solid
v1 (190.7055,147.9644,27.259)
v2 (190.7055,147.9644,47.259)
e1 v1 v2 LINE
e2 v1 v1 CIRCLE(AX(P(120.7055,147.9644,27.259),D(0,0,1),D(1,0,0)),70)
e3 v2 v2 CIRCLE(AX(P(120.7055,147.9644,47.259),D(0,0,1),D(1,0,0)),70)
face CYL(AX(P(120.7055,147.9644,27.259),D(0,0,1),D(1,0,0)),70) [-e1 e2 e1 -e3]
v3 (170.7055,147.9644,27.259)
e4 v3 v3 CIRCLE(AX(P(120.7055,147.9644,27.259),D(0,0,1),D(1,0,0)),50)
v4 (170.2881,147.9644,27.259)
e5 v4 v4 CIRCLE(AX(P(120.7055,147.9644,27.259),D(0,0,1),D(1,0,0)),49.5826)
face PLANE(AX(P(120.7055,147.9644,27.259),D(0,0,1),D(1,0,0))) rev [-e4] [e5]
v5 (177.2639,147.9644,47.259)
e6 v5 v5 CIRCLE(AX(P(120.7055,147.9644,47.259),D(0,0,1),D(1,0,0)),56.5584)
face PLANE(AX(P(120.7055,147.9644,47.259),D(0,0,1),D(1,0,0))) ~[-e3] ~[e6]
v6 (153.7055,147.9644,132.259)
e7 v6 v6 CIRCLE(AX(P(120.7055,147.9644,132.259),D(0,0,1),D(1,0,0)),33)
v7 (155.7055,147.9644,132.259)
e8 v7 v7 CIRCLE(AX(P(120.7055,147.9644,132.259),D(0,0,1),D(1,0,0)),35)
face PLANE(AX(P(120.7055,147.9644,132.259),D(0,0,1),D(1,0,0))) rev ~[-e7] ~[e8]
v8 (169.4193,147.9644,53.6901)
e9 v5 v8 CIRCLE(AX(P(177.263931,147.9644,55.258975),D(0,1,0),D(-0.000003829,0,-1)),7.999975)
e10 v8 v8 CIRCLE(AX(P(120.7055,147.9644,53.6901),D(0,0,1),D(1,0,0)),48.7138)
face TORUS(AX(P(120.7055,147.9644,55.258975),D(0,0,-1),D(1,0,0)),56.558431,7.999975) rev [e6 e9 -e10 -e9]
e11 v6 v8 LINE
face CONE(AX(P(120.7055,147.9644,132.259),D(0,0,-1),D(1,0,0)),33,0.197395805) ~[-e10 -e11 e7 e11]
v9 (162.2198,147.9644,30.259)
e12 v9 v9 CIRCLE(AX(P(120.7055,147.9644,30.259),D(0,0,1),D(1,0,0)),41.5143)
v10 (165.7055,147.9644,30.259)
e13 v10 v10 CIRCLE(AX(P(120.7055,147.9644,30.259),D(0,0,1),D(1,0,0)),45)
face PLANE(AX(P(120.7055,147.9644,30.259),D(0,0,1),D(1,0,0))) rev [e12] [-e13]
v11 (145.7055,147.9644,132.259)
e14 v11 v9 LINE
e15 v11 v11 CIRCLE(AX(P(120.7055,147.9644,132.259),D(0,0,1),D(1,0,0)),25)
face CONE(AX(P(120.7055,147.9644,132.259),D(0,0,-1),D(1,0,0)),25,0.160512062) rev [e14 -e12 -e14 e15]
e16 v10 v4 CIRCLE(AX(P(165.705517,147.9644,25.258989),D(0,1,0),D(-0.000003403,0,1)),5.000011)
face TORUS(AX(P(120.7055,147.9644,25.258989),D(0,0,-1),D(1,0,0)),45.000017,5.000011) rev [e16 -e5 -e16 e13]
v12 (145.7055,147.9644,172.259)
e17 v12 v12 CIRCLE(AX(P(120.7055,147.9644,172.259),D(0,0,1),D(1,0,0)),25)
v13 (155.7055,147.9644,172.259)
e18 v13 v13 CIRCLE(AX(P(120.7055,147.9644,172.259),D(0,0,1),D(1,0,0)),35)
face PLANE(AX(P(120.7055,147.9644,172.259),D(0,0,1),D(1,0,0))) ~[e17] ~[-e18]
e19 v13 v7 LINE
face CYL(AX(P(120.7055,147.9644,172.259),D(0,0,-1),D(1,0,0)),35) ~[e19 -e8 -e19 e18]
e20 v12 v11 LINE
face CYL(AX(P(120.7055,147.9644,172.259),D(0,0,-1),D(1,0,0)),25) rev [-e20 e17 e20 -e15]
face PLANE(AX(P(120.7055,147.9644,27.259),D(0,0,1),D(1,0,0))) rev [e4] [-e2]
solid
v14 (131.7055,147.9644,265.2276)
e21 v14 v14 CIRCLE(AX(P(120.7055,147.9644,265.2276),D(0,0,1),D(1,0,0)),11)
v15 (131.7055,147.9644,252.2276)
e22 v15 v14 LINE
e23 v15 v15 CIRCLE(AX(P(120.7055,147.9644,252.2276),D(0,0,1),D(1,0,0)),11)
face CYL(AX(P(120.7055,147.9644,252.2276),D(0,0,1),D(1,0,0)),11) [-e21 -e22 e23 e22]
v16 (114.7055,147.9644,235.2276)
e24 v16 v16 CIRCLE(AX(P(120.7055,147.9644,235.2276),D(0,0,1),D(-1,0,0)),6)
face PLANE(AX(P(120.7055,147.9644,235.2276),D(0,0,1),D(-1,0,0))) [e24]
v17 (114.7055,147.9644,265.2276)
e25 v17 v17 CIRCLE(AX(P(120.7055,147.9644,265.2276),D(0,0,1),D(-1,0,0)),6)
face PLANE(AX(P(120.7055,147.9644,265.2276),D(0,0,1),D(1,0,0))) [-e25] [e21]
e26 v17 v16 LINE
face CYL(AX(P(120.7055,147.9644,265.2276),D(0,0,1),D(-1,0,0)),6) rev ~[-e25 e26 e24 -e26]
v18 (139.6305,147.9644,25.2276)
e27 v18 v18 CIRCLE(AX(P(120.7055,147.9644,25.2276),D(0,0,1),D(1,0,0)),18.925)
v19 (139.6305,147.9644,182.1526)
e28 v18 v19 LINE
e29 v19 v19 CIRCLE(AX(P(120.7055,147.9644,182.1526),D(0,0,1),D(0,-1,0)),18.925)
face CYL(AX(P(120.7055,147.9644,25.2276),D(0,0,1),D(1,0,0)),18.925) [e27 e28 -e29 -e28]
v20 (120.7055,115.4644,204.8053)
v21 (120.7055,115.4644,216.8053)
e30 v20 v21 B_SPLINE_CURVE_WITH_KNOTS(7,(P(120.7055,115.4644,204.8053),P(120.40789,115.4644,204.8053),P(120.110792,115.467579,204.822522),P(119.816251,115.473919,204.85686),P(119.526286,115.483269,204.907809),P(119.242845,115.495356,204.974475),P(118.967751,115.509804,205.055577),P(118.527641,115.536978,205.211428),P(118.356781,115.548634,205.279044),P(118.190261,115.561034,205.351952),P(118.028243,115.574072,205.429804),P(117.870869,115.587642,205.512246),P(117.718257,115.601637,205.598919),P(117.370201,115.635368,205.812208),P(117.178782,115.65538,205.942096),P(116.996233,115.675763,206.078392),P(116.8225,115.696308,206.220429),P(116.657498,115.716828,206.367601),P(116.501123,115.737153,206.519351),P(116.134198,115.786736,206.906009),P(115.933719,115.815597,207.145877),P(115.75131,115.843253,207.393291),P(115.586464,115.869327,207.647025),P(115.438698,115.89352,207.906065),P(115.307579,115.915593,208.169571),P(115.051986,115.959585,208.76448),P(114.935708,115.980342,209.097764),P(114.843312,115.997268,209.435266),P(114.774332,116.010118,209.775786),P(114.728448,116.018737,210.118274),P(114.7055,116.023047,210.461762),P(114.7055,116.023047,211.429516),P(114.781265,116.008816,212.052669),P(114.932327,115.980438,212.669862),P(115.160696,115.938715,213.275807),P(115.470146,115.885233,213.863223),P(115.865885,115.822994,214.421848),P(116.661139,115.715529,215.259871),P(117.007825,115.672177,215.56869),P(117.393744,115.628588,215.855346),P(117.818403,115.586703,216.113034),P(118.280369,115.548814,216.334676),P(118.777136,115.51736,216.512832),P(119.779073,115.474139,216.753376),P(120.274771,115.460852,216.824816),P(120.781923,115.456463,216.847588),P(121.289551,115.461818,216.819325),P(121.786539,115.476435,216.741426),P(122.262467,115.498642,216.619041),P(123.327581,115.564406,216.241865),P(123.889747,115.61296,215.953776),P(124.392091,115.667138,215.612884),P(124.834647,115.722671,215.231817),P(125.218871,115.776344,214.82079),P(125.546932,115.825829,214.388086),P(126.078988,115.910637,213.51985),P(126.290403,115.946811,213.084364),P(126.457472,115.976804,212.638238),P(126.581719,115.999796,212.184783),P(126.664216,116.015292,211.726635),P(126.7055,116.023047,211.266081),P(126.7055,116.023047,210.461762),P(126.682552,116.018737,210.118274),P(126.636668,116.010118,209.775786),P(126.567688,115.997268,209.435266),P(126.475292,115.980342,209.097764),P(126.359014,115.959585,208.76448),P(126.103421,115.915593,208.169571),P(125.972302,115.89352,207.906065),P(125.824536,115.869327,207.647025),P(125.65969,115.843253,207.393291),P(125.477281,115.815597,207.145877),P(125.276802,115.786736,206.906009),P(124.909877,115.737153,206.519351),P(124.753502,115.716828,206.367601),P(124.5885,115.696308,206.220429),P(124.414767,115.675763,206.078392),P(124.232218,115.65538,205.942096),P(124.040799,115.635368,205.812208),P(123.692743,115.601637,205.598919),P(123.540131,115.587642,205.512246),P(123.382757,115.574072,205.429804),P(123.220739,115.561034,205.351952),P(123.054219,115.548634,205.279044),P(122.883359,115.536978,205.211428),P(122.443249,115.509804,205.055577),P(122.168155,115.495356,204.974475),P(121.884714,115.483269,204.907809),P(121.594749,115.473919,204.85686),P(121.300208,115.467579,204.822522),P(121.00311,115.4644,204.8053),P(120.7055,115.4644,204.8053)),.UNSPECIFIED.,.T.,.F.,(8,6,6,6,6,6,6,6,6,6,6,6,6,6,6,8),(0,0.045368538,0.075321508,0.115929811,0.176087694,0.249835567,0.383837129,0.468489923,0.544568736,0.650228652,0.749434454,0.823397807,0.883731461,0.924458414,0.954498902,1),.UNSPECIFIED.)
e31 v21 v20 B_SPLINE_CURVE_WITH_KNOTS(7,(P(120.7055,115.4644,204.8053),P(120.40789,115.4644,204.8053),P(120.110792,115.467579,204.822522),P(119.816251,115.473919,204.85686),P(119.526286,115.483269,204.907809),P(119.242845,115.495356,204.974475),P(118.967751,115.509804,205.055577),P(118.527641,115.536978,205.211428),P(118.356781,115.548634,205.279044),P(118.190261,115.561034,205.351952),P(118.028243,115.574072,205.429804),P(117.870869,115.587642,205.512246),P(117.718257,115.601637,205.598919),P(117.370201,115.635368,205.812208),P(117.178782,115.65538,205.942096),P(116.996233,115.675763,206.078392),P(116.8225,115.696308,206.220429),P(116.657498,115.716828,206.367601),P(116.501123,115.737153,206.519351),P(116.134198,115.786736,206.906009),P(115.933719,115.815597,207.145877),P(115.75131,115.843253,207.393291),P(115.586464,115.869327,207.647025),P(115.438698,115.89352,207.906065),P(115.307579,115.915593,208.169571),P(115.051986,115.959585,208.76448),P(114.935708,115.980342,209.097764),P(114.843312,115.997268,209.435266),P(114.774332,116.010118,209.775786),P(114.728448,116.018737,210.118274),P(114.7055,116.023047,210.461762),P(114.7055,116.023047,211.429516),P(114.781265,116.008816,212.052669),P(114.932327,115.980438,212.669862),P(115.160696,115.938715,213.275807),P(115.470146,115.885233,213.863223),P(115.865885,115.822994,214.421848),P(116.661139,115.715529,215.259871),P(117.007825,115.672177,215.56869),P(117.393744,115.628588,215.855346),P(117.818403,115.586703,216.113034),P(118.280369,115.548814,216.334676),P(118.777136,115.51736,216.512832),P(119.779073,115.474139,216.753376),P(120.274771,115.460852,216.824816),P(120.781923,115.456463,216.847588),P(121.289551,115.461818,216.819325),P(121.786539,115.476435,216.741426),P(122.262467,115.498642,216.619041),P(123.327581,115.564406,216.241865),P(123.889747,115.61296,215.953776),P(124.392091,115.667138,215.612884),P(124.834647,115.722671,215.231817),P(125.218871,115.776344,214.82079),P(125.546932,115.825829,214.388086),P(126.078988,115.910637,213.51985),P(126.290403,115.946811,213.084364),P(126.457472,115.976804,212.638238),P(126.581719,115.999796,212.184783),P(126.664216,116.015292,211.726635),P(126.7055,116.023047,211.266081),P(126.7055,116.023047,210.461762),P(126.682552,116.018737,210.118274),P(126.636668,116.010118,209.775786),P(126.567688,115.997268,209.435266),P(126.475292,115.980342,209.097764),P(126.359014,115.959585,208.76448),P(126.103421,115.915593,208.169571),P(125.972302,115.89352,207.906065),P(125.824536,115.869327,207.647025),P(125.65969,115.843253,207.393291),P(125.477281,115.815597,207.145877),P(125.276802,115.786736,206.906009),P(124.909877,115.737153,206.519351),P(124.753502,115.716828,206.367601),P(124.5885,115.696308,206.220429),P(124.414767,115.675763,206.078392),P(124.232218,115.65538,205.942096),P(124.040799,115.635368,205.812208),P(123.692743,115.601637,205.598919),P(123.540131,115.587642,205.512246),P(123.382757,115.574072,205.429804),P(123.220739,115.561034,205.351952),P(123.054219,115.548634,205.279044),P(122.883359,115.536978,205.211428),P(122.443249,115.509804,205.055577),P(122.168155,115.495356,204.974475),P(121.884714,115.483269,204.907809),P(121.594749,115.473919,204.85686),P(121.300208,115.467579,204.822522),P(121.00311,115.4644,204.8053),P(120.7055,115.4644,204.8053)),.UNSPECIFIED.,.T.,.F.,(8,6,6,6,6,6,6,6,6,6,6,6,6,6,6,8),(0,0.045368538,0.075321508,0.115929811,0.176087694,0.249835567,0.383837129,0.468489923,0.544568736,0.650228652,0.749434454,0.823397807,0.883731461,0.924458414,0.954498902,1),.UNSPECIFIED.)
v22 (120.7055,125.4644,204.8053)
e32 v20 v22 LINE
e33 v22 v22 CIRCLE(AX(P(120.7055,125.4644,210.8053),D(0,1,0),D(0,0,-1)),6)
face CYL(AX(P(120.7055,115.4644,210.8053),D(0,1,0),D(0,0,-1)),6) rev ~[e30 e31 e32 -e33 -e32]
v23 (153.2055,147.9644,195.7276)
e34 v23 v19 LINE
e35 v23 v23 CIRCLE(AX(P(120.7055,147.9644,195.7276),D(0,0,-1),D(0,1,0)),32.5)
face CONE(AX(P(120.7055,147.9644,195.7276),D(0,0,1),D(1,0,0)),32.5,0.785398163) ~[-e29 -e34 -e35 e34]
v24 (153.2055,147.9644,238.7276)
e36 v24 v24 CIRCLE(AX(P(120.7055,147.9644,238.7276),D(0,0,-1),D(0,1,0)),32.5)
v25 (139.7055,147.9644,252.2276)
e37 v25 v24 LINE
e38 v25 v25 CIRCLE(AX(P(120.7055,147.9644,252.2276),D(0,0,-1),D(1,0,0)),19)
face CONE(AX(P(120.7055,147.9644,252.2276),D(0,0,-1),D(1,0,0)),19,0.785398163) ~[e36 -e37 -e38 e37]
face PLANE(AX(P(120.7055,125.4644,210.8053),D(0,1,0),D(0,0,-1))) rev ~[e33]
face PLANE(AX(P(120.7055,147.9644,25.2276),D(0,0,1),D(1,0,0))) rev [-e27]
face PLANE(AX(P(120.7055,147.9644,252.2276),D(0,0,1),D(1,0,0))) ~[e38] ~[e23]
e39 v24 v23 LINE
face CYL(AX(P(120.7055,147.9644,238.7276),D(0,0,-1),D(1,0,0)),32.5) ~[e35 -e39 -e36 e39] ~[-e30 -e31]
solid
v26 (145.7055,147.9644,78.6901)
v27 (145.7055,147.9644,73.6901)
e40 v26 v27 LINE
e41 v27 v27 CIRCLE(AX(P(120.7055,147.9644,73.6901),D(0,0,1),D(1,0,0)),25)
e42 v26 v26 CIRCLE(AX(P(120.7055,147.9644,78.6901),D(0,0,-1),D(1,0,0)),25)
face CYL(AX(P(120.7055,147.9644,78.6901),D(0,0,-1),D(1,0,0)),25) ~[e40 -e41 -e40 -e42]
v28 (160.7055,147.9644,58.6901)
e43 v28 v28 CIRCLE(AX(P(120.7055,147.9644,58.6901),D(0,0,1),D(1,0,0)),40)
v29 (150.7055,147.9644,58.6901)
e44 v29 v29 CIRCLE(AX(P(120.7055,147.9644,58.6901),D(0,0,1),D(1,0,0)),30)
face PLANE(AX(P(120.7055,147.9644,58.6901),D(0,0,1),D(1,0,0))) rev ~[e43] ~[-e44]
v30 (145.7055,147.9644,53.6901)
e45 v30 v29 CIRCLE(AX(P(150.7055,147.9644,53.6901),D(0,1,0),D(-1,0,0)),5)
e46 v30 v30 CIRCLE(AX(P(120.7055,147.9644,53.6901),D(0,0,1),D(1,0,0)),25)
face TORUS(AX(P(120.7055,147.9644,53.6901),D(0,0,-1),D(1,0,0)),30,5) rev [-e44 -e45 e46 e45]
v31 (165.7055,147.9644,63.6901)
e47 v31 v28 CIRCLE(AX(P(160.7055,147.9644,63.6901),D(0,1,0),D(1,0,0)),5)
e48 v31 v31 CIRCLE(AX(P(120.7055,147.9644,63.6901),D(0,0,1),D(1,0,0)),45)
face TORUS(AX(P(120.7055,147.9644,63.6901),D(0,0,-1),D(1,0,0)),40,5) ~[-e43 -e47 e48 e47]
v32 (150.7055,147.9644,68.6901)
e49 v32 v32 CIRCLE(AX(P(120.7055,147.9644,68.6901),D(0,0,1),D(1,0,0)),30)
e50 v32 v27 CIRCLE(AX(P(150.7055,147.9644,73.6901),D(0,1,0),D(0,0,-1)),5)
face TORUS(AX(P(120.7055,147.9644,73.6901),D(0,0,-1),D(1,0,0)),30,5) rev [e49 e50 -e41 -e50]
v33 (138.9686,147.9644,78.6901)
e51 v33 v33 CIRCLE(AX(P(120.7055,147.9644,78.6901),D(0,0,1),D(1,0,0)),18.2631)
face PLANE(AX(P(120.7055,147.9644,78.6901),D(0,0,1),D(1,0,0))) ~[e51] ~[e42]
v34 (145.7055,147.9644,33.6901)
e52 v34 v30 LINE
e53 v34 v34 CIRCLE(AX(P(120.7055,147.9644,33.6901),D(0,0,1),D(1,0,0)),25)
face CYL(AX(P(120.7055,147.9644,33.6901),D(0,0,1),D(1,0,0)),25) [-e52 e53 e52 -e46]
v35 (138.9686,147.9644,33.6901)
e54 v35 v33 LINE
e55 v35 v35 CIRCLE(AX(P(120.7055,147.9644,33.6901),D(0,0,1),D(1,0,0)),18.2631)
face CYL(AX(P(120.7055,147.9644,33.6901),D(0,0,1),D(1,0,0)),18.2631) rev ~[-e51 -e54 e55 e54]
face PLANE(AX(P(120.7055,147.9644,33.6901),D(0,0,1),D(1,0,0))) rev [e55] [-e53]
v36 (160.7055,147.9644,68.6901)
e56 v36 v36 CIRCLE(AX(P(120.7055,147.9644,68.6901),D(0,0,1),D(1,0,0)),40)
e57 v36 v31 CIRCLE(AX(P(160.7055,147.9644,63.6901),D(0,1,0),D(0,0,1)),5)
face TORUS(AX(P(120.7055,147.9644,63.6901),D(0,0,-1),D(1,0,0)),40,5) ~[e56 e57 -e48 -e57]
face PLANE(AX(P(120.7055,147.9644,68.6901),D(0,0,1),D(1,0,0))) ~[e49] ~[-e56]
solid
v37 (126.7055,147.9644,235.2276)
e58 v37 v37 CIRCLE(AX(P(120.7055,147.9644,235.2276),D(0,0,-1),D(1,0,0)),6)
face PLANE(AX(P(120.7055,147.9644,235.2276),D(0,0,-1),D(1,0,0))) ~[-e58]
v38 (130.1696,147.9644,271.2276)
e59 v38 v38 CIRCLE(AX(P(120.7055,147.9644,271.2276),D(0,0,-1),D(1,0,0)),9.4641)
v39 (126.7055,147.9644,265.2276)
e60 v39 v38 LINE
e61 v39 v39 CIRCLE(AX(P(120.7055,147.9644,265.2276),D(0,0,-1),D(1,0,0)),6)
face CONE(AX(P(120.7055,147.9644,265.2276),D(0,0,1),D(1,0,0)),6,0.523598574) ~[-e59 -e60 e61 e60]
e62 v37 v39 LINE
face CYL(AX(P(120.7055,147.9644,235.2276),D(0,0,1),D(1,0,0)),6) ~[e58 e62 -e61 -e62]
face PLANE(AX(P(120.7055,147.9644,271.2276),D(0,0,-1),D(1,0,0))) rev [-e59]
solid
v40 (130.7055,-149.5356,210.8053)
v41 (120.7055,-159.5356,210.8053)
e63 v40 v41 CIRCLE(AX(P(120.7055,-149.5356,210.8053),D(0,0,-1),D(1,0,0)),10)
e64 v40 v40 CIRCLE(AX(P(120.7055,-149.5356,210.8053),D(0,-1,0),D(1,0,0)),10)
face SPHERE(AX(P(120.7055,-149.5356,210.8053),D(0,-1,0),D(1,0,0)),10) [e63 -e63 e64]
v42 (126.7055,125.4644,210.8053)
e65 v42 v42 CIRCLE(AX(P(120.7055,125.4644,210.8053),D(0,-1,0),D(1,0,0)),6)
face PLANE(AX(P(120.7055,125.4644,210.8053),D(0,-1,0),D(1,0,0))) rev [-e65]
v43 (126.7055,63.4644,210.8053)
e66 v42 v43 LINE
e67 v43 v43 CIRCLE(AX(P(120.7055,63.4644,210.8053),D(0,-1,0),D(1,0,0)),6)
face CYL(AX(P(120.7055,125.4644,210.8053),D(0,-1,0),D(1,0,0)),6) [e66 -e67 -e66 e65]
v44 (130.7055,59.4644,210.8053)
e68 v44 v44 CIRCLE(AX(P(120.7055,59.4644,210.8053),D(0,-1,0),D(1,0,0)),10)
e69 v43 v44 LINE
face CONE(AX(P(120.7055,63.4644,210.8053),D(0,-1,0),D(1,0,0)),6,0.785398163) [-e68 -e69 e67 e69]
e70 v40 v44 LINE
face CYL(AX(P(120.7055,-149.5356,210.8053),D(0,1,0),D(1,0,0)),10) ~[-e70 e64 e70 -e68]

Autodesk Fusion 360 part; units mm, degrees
sketch "Sketch1" plane through (0, 0, 0) normal (0, 1, 0) x (1, 0, 0)
  line L0 (49.5826, 0) -> (70, 0)
  line L1 (70, 0) -> (70, -20)
  line L2 (49.5826, 0) -> (50, 0)
  line L3 (56.5584, -20) -> (70, -20)
  line L4 (0, 0) -> (0, -3)
  line L5 (25, -145) -> (35, -145)
  line L6 (35, -145) -> (35, -105)
  line L7 (25, -145) -> (25, -105)
  line L8 (35, -105) -> (25, -105)
  line L9 (25, -105) -> (33, -105)
  line L10 (33, -105) -> (48.7138, -26.4311)
  line L11 (0, 0) -> (0, -3)
  line L12 (33, -105) -> (25, -105)
  line L13 (50, 0) -> (49.5826, 0)
  line L14 (25, -105) -> (41.5143, -3)
  line L15 (41.5143, -3) -> (45, -3)
  arc A0 (45, -3) -> (49.5826, 0) centre (45, 2) ccw
  arc A1 (56.5584, -20) -> (48.7138, -26.4311) centre (56.5584, -28) ccw
  dimension "d1" = 70
  dimension "d2" = 20
  dimension "d3" = 50
  dimension "d10" = 40
  dimension "d12" = 3
  dimension "d14" = 5
  dimension "d15" = 8
revolve "Revolve1" add sketch "Sketch1" angle 360 about axis through (0, 0, 1.75) along (0, 0, 1) makes body 1
copy_body "Body->Comp1" bodies 1 removing the originals makes body 2 in component "GaugeBody"
sketch "Sketch2" plane through (0, 0, 0) normal (0, 1, 0) x (1, 0, 0)
  line L0 (0, 0) -> (25, 0)
  line L1 (25, 0) -> (25, -20)
  line L2 (25, -45) -> (25, -40)
  line L3 (30, -35) -> (40, -35)
  line L4 (45, -30) -> (45, -30)
  line L5 (40, -25) -> (30, -25)
  arc A0 (30, -35) -> (25, -40) centre (30, -40) ccw
  arc A1 (40, -35) -> (45, -30) centre (40, -30) ccw
  arc A2 (45, -30) -> (40, -25) centre (40, -30) ccw
  line L6 (0, 0) -> (19, 0)
  line L7 (19, 0) -> (19, -45)
  line L8 (19, -45) -> (25, -45)
  arc A3 (25, -20) -> (30, -25) centre (30, -20) ccw
  point P0 (25, -35)
  point P1 (0, -35)
  point P2 (45, -35)
  point P3 (45, -25)
  dimension "d17" = 25
  dimension "d18" = 45
  dimension "d19" = 10
  dimension "d20" = 45
  dimension "d21" = 10
  dimension "d22" = 5
  dimension "d23" = 5
  dimension "d24" = 5
  dimension "d25" = 19
  dimension "d26" = 5
revolve "Revolve2" add sketch "Sketch2" angle 360 about axis through (0, 0, 1.75) along (0, 0, 1) separate body makes body 3
copy_body "Body->Comp2" bodies 3 removing the originals makes body 4 in component "Nut"
sketch "Sketch3" plane through (0, 0, 0) normal (0, 1, 0) x (1, 0, 0)
  line L0 (0, 0) -> (19, 0)
  line L1 (19, 0) -> (19, -227)
  line L2 (0, -227) -> (0, -157)
  line L3 (0, -157) -> (19, -157)
  line L4 (32.5, -213.5) -> (32.5, -170.5)
  line L5 (0, -157) -> (0, -192)
  line L6 (0, -227) -> (19, -227)
  line L7 (19, -227) -> (32.5, -213.5)
  line L8 (19, -227) -> (39.0391, -227) construction
  line L9 (32.5, -170.5) -> (19, -157)
  line L10 (0, 0) -> (0, -157)
  line L11 (0, -227) -> (11, -227)
  line L12 (11, -227) -> (11, -240)
  line L13 (11, -240) -> (0, -240)
  line L14 (0, -240) -> (0, -227)
  dimension "d28" = 19
  dimension "d33" = 35
  dimension "d35" = 45
  dimension "d37" = 11
revolve "Revolve3" add sketch "Sketch3" angle 360 about axis through (0, 0, 0) along (0, 0, 1) separate body makes body 5
thread "Thread1" "ISO Metric profile 38.0 M38x1.5 6g" major diameter 37.85 minor diameter 36.1319 pitch 1.5 angle 60 resizes the face on face at (18.9764, -0.9471, 52.3333) on bodies 5
hole "Hole1" at (0, -32.5, 185.5777) direction (0, 1, 0) diameter 12 depth 10 tip angle 180 bodies 5
sketch "Sketch5" plane through (0, 0, 240) normal (0, 0, 1) x (-1, 0, 0)
  circle A0 centre (0, 0) radius 11
  circle A1 centre (0, 0) radius 6
  dimension "d47" = 12
extrude "Extrude1" cut sketch "Sketch5" against normal blind 30 contours A1 bodies 5
copy_body "Body->Comp3" bodies 5 removing the originals makes body 6 in component "Screw"
thread "Thread1'" "ISO Metric profile 38.0 M38x1.5 6H" major diameter 38.2083 minor diameter 36.5262 pitch 1.5 angle 60 resizes the face on face at (18.9764, -0.9471, 15) on bodies 4 in component "Nut"
sketch "Sketch6" plane through (0, 0, 0) normal (0, 1, 0) x (1, 0, 0)
  line L0 (0, 0) -> (6, 0)
  line L1 (6, 0) -> (6, -30)
  line L2 (6, -30) -> (9.4641, -36)
  line L3 (6, -30) -> (29.2412, -30) construction
  line L4 (0, -30) -> (0, -36)
  line L5 (0, -36) -> (9.4641, -36)
  line L6 (0, -30) -> (0, 0)
  dimension "d50" = 6
  dimension "d51" = 30
  dimension "d52" = 60
  dimension "d53" = 6
revolve "Revolve4" add sketch "Sketch6" angle 360 about axis through (0, 0, 30) along (0, 0, -1) separate body makes body 7
sketch "Sketch7" plane through (0, 0, 0) normal (0, 1, 0) x (1, 0, 0)
  line L0 (0, 0) -> (0, -6)
  line L1 (0, -6) -> (62, -6)
  line L2 (0, 0) -> (275, 0)
  line L3 (275, 0) -> (275, -10)
  line L4 (62, -6) -> (66, -10)
  line L5 (62, -6) -> (93.901, -6) construction
  line L6 (275, -10) -> (66, -10)
  line L7 (275, 0) -> (285, 0)
  arc A0 (275, -10) -> (285, 0) centre (275, 0) ccw
  dimension "d55" = 6
  dimension "d56" = 62
  dimension "d57" = 275
  dimension "d58" = 10
  dimension "d59" = 45
revolve "Revolve5" add sketch "Sketch7" angle 360 about axis through (0, 0, 0) along (1, 0, 0) separate body contours L0 L1 L2 L3 L4 L6 makes body 8
revolve "Revolve6" add sketch "Sketch7" angle 360 about axis through (275, 0, 0) along (1, 0, 0) contours L3 L7 A0 bodies 8
copy_body "Body->Comp4" bodies 7 removing the originals makes body 9 in component "screws"
copy_body "Body->Comp5" bodies 8 removing the originals makes body 10 in component "TommyBar"
component "GaugeBody" placed x (1, 0, 0) y (0, 1, 0) z (0, 0, 1) at (120.7055, 147.9644, 27.259)
component "Nut" placed x (1, 0, 0) y (0, 1, 0) z (0, 0, 1) at (120.7055, 147.9644, 33.6901)
component "Screw" placed x (1, 0, 0) y (0, 1, 0) z (0, 0, 1) at (120.7055, 147.9644, 25.2276)
component "screws" placed x (1, 0, 0) y (0, 1, 0) z (0, 0, 1) at (120.7055, 147.9644, 235.2276)
component "TommyBar" placed x (0, -1, 0) y (0, 0, -1) z (1, 0, 0) at (120.7055, 125.4644, 210.8053)
